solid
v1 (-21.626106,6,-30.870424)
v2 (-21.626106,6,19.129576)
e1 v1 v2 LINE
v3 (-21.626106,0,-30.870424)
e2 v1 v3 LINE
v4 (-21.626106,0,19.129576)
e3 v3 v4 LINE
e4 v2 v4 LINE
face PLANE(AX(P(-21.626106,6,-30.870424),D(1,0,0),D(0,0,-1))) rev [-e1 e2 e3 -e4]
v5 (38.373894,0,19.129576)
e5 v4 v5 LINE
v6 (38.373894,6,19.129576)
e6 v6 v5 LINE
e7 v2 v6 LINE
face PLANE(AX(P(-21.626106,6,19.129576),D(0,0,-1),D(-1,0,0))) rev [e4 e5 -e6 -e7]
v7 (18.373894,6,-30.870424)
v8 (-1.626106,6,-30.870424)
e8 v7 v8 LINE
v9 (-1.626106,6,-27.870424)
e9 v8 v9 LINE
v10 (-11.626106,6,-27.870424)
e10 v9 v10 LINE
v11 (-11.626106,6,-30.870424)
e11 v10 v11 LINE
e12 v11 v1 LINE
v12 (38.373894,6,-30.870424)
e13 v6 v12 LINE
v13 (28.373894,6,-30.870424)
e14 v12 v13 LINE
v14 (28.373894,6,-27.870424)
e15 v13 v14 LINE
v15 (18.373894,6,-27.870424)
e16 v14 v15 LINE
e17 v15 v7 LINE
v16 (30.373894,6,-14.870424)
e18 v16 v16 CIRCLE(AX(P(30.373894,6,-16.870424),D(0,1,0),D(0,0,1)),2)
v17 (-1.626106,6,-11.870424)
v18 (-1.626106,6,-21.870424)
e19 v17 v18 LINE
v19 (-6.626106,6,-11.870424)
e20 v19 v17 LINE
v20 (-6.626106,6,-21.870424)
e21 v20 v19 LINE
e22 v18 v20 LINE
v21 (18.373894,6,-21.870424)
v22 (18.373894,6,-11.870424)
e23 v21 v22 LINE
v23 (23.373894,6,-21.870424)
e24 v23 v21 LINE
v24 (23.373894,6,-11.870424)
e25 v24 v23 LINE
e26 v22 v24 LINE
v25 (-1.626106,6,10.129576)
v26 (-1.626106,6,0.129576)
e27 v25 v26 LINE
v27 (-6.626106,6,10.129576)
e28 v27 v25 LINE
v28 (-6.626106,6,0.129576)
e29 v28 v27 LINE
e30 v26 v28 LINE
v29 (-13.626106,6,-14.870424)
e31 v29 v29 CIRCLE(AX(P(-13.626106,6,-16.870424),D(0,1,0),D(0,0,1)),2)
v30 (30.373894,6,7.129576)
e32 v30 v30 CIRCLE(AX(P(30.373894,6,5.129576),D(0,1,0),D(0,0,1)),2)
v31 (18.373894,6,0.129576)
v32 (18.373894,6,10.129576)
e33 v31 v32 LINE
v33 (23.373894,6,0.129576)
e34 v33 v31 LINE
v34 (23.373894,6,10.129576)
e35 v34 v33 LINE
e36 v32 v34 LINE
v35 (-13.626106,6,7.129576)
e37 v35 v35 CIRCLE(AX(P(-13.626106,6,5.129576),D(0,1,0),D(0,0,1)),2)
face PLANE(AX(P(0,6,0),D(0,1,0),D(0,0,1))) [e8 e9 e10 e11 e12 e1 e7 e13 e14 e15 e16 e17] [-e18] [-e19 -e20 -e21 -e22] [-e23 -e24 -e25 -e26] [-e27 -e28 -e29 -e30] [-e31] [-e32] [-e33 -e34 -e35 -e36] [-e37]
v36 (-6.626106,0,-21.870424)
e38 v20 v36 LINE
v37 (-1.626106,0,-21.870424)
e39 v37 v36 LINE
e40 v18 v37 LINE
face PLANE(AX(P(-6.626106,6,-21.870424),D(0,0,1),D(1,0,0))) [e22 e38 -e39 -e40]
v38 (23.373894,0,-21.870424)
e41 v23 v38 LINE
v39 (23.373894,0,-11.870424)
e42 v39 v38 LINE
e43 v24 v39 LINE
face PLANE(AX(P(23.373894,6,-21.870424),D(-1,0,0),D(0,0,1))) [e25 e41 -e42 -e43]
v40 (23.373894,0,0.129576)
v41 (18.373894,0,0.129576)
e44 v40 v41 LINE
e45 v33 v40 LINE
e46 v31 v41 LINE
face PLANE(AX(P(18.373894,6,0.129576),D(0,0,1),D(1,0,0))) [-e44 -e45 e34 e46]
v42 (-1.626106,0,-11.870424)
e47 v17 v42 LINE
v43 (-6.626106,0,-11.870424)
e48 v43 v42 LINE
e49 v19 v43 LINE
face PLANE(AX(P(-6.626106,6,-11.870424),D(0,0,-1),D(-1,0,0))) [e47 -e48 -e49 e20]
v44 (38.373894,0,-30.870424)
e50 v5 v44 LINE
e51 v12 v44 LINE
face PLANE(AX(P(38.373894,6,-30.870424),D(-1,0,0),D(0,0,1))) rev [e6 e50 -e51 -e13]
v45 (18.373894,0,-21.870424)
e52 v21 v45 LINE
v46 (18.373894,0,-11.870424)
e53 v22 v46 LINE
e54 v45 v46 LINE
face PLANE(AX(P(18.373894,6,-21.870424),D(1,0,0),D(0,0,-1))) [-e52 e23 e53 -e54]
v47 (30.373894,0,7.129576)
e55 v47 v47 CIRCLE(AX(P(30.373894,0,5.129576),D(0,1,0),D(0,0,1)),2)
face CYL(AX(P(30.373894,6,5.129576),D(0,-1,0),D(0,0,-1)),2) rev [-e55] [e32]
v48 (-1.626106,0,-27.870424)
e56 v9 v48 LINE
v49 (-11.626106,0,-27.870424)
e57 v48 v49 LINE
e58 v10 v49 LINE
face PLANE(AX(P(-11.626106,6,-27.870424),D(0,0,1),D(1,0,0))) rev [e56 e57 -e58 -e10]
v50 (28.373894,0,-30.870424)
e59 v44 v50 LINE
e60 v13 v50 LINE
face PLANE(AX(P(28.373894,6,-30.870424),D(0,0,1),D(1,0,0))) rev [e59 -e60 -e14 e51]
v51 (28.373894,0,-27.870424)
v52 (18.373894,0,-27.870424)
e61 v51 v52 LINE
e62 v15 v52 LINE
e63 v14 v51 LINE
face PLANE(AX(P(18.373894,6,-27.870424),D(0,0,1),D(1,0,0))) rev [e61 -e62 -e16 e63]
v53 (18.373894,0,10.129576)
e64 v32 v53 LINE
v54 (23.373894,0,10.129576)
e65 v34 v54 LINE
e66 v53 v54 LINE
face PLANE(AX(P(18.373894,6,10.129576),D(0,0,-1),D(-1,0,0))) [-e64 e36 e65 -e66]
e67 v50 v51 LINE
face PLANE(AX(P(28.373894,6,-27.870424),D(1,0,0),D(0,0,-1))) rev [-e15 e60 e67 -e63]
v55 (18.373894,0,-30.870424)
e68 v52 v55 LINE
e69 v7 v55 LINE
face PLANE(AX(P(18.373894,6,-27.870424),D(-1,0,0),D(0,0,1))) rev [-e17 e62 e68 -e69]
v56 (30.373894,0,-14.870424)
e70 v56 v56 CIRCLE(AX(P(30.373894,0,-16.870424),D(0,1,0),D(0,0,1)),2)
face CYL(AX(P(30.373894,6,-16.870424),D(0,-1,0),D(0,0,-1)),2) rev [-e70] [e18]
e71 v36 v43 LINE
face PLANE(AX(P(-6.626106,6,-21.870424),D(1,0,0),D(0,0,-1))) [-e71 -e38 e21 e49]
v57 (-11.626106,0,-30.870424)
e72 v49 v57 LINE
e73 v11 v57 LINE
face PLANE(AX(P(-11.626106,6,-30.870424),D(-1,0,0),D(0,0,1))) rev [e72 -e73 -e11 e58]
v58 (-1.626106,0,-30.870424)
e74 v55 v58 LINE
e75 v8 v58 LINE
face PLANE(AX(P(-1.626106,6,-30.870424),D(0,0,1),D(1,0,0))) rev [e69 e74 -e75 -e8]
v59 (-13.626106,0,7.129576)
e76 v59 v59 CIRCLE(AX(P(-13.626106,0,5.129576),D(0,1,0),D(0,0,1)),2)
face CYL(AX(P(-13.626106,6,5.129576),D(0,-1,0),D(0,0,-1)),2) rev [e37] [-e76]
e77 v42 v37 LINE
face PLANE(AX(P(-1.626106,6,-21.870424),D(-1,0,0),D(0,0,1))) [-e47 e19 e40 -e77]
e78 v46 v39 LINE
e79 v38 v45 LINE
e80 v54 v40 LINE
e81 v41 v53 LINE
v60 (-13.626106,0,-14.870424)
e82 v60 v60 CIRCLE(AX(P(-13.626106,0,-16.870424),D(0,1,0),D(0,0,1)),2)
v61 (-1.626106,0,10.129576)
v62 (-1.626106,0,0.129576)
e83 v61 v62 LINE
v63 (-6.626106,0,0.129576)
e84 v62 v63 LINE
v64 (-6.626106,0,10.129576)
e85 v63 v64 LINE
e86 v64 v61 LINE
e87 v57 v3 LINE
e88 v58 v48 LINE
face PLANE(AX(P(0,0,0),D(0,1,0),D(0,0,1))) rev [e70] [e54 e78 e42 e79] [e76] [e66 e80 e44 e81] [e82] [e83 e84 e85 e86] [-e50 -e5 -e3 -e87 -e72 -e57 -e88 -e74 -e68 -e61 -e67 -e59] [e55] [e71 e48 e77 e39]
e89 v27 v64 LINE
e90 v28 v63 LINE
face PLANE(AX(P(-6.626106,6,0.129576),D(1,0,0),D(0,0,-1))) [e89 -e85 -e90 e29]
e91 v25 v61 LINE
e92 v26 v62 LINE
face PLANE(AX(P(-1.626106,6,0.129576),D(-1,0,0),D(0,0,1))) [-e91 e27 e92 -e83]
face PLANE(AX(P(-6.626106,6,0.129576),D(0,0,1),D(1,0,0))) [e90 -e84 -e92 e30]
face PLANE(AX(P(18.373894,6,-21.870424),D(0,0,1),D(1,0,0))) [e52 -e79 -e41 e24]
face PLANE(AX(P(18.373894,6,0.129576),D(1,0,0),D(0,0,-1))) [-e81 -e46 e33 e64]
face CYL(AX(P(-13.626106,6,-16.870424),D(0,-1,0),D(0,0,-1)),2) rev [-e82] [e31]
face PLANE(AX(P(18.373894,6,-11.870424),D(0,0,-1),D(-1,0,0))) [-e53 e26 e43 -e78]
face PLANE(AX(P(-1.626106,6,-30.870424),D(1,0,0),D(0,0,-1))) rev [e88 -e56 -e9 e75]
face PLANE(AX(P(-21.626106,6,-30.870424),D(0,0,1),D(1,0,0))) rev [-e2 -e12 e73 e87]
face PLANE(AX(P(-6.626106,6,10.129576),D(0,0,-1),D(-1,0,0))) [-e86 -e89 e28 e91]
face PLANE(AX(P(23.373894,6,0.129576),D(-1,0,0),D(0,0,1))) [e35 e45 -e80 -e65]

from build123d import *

# Parameters (mm, degrees)
SKETCH2_R           = 2
SKETCH2_W           = 5
SKETCH2_H           = 10
BOSS_EXTRUDE1_DEPTH = 6


with BuildPart() as part:
    # Sketch2 → Boss-Extrude1 (new body)
    with BuildSketch(Plane(origin=(0, 0, 0), x_dir=(1, 0, 0), z_dir=(0, 1, 0))):
        Polygon((-21.626106175, 30.870423783), (-11.626106175, 30.870423783), (-11.626106175, 27.870423783), (-1.626106175, 27.870423783), (-1.626106175, 30.870423783), (18.373893825, 30.870423783), (18.373893825, 27.870423783), (28.373893825, 27.870423783), (28.373893825, 30.870423783), (38.373893825, 30.870423783), (38.373893825, -19.129576217), (-21.626106175, -19.129576217), align=None)
        with Locations(Location((-13.626106175, 16.870423783, 0), (0, 0, 270))):
            Circle(SKETCH2_R, mode=Mode.SUBTRACT)
        with Locations(Location((-13.626106175, -5.129576217, 0), (0, 0, 270))):
            Circle(SKETCH2_R, mode=Mode.SUBTRACT)
        with Locations(Location((30.373893825, 16.870423783, 0), (0, 0, 270))):
            Circle(SKETCH2_R, mode=Mode.SUBTRACT)
        with Locations(Location((30.373893825, -5.129576217, 0), (0, 0, 270))):
            Circle(SKETCH2_R, mode=Mode.SUBTRACT)
        with Locations((20.873893825, 16.870423783)):
            Rectangle(SKETCH2_W, SKETCH2_H, mode=Mode.SUBTRACT)
        with Locations((-4.126106175, 16.870423783)):
            Rectangle(SKETCH2_W, SKETCH2_H, mode=Mode.SUBTRACT)
        with Locations((-4.126106175, -5.129576217)):
            Rectangle(SKETCH2_W, SKETCH2_H, mode=Mode.SUBTRACT)
        with Locations((20.873893825, -5.129576217)):
            Rectangle(SKETCH2_W, SKETCH2_H, mode=Mode.SUBTRACT)
    extrude(amount=BOSS_EXTRUDE1_DEPTH)


solid = part.part
